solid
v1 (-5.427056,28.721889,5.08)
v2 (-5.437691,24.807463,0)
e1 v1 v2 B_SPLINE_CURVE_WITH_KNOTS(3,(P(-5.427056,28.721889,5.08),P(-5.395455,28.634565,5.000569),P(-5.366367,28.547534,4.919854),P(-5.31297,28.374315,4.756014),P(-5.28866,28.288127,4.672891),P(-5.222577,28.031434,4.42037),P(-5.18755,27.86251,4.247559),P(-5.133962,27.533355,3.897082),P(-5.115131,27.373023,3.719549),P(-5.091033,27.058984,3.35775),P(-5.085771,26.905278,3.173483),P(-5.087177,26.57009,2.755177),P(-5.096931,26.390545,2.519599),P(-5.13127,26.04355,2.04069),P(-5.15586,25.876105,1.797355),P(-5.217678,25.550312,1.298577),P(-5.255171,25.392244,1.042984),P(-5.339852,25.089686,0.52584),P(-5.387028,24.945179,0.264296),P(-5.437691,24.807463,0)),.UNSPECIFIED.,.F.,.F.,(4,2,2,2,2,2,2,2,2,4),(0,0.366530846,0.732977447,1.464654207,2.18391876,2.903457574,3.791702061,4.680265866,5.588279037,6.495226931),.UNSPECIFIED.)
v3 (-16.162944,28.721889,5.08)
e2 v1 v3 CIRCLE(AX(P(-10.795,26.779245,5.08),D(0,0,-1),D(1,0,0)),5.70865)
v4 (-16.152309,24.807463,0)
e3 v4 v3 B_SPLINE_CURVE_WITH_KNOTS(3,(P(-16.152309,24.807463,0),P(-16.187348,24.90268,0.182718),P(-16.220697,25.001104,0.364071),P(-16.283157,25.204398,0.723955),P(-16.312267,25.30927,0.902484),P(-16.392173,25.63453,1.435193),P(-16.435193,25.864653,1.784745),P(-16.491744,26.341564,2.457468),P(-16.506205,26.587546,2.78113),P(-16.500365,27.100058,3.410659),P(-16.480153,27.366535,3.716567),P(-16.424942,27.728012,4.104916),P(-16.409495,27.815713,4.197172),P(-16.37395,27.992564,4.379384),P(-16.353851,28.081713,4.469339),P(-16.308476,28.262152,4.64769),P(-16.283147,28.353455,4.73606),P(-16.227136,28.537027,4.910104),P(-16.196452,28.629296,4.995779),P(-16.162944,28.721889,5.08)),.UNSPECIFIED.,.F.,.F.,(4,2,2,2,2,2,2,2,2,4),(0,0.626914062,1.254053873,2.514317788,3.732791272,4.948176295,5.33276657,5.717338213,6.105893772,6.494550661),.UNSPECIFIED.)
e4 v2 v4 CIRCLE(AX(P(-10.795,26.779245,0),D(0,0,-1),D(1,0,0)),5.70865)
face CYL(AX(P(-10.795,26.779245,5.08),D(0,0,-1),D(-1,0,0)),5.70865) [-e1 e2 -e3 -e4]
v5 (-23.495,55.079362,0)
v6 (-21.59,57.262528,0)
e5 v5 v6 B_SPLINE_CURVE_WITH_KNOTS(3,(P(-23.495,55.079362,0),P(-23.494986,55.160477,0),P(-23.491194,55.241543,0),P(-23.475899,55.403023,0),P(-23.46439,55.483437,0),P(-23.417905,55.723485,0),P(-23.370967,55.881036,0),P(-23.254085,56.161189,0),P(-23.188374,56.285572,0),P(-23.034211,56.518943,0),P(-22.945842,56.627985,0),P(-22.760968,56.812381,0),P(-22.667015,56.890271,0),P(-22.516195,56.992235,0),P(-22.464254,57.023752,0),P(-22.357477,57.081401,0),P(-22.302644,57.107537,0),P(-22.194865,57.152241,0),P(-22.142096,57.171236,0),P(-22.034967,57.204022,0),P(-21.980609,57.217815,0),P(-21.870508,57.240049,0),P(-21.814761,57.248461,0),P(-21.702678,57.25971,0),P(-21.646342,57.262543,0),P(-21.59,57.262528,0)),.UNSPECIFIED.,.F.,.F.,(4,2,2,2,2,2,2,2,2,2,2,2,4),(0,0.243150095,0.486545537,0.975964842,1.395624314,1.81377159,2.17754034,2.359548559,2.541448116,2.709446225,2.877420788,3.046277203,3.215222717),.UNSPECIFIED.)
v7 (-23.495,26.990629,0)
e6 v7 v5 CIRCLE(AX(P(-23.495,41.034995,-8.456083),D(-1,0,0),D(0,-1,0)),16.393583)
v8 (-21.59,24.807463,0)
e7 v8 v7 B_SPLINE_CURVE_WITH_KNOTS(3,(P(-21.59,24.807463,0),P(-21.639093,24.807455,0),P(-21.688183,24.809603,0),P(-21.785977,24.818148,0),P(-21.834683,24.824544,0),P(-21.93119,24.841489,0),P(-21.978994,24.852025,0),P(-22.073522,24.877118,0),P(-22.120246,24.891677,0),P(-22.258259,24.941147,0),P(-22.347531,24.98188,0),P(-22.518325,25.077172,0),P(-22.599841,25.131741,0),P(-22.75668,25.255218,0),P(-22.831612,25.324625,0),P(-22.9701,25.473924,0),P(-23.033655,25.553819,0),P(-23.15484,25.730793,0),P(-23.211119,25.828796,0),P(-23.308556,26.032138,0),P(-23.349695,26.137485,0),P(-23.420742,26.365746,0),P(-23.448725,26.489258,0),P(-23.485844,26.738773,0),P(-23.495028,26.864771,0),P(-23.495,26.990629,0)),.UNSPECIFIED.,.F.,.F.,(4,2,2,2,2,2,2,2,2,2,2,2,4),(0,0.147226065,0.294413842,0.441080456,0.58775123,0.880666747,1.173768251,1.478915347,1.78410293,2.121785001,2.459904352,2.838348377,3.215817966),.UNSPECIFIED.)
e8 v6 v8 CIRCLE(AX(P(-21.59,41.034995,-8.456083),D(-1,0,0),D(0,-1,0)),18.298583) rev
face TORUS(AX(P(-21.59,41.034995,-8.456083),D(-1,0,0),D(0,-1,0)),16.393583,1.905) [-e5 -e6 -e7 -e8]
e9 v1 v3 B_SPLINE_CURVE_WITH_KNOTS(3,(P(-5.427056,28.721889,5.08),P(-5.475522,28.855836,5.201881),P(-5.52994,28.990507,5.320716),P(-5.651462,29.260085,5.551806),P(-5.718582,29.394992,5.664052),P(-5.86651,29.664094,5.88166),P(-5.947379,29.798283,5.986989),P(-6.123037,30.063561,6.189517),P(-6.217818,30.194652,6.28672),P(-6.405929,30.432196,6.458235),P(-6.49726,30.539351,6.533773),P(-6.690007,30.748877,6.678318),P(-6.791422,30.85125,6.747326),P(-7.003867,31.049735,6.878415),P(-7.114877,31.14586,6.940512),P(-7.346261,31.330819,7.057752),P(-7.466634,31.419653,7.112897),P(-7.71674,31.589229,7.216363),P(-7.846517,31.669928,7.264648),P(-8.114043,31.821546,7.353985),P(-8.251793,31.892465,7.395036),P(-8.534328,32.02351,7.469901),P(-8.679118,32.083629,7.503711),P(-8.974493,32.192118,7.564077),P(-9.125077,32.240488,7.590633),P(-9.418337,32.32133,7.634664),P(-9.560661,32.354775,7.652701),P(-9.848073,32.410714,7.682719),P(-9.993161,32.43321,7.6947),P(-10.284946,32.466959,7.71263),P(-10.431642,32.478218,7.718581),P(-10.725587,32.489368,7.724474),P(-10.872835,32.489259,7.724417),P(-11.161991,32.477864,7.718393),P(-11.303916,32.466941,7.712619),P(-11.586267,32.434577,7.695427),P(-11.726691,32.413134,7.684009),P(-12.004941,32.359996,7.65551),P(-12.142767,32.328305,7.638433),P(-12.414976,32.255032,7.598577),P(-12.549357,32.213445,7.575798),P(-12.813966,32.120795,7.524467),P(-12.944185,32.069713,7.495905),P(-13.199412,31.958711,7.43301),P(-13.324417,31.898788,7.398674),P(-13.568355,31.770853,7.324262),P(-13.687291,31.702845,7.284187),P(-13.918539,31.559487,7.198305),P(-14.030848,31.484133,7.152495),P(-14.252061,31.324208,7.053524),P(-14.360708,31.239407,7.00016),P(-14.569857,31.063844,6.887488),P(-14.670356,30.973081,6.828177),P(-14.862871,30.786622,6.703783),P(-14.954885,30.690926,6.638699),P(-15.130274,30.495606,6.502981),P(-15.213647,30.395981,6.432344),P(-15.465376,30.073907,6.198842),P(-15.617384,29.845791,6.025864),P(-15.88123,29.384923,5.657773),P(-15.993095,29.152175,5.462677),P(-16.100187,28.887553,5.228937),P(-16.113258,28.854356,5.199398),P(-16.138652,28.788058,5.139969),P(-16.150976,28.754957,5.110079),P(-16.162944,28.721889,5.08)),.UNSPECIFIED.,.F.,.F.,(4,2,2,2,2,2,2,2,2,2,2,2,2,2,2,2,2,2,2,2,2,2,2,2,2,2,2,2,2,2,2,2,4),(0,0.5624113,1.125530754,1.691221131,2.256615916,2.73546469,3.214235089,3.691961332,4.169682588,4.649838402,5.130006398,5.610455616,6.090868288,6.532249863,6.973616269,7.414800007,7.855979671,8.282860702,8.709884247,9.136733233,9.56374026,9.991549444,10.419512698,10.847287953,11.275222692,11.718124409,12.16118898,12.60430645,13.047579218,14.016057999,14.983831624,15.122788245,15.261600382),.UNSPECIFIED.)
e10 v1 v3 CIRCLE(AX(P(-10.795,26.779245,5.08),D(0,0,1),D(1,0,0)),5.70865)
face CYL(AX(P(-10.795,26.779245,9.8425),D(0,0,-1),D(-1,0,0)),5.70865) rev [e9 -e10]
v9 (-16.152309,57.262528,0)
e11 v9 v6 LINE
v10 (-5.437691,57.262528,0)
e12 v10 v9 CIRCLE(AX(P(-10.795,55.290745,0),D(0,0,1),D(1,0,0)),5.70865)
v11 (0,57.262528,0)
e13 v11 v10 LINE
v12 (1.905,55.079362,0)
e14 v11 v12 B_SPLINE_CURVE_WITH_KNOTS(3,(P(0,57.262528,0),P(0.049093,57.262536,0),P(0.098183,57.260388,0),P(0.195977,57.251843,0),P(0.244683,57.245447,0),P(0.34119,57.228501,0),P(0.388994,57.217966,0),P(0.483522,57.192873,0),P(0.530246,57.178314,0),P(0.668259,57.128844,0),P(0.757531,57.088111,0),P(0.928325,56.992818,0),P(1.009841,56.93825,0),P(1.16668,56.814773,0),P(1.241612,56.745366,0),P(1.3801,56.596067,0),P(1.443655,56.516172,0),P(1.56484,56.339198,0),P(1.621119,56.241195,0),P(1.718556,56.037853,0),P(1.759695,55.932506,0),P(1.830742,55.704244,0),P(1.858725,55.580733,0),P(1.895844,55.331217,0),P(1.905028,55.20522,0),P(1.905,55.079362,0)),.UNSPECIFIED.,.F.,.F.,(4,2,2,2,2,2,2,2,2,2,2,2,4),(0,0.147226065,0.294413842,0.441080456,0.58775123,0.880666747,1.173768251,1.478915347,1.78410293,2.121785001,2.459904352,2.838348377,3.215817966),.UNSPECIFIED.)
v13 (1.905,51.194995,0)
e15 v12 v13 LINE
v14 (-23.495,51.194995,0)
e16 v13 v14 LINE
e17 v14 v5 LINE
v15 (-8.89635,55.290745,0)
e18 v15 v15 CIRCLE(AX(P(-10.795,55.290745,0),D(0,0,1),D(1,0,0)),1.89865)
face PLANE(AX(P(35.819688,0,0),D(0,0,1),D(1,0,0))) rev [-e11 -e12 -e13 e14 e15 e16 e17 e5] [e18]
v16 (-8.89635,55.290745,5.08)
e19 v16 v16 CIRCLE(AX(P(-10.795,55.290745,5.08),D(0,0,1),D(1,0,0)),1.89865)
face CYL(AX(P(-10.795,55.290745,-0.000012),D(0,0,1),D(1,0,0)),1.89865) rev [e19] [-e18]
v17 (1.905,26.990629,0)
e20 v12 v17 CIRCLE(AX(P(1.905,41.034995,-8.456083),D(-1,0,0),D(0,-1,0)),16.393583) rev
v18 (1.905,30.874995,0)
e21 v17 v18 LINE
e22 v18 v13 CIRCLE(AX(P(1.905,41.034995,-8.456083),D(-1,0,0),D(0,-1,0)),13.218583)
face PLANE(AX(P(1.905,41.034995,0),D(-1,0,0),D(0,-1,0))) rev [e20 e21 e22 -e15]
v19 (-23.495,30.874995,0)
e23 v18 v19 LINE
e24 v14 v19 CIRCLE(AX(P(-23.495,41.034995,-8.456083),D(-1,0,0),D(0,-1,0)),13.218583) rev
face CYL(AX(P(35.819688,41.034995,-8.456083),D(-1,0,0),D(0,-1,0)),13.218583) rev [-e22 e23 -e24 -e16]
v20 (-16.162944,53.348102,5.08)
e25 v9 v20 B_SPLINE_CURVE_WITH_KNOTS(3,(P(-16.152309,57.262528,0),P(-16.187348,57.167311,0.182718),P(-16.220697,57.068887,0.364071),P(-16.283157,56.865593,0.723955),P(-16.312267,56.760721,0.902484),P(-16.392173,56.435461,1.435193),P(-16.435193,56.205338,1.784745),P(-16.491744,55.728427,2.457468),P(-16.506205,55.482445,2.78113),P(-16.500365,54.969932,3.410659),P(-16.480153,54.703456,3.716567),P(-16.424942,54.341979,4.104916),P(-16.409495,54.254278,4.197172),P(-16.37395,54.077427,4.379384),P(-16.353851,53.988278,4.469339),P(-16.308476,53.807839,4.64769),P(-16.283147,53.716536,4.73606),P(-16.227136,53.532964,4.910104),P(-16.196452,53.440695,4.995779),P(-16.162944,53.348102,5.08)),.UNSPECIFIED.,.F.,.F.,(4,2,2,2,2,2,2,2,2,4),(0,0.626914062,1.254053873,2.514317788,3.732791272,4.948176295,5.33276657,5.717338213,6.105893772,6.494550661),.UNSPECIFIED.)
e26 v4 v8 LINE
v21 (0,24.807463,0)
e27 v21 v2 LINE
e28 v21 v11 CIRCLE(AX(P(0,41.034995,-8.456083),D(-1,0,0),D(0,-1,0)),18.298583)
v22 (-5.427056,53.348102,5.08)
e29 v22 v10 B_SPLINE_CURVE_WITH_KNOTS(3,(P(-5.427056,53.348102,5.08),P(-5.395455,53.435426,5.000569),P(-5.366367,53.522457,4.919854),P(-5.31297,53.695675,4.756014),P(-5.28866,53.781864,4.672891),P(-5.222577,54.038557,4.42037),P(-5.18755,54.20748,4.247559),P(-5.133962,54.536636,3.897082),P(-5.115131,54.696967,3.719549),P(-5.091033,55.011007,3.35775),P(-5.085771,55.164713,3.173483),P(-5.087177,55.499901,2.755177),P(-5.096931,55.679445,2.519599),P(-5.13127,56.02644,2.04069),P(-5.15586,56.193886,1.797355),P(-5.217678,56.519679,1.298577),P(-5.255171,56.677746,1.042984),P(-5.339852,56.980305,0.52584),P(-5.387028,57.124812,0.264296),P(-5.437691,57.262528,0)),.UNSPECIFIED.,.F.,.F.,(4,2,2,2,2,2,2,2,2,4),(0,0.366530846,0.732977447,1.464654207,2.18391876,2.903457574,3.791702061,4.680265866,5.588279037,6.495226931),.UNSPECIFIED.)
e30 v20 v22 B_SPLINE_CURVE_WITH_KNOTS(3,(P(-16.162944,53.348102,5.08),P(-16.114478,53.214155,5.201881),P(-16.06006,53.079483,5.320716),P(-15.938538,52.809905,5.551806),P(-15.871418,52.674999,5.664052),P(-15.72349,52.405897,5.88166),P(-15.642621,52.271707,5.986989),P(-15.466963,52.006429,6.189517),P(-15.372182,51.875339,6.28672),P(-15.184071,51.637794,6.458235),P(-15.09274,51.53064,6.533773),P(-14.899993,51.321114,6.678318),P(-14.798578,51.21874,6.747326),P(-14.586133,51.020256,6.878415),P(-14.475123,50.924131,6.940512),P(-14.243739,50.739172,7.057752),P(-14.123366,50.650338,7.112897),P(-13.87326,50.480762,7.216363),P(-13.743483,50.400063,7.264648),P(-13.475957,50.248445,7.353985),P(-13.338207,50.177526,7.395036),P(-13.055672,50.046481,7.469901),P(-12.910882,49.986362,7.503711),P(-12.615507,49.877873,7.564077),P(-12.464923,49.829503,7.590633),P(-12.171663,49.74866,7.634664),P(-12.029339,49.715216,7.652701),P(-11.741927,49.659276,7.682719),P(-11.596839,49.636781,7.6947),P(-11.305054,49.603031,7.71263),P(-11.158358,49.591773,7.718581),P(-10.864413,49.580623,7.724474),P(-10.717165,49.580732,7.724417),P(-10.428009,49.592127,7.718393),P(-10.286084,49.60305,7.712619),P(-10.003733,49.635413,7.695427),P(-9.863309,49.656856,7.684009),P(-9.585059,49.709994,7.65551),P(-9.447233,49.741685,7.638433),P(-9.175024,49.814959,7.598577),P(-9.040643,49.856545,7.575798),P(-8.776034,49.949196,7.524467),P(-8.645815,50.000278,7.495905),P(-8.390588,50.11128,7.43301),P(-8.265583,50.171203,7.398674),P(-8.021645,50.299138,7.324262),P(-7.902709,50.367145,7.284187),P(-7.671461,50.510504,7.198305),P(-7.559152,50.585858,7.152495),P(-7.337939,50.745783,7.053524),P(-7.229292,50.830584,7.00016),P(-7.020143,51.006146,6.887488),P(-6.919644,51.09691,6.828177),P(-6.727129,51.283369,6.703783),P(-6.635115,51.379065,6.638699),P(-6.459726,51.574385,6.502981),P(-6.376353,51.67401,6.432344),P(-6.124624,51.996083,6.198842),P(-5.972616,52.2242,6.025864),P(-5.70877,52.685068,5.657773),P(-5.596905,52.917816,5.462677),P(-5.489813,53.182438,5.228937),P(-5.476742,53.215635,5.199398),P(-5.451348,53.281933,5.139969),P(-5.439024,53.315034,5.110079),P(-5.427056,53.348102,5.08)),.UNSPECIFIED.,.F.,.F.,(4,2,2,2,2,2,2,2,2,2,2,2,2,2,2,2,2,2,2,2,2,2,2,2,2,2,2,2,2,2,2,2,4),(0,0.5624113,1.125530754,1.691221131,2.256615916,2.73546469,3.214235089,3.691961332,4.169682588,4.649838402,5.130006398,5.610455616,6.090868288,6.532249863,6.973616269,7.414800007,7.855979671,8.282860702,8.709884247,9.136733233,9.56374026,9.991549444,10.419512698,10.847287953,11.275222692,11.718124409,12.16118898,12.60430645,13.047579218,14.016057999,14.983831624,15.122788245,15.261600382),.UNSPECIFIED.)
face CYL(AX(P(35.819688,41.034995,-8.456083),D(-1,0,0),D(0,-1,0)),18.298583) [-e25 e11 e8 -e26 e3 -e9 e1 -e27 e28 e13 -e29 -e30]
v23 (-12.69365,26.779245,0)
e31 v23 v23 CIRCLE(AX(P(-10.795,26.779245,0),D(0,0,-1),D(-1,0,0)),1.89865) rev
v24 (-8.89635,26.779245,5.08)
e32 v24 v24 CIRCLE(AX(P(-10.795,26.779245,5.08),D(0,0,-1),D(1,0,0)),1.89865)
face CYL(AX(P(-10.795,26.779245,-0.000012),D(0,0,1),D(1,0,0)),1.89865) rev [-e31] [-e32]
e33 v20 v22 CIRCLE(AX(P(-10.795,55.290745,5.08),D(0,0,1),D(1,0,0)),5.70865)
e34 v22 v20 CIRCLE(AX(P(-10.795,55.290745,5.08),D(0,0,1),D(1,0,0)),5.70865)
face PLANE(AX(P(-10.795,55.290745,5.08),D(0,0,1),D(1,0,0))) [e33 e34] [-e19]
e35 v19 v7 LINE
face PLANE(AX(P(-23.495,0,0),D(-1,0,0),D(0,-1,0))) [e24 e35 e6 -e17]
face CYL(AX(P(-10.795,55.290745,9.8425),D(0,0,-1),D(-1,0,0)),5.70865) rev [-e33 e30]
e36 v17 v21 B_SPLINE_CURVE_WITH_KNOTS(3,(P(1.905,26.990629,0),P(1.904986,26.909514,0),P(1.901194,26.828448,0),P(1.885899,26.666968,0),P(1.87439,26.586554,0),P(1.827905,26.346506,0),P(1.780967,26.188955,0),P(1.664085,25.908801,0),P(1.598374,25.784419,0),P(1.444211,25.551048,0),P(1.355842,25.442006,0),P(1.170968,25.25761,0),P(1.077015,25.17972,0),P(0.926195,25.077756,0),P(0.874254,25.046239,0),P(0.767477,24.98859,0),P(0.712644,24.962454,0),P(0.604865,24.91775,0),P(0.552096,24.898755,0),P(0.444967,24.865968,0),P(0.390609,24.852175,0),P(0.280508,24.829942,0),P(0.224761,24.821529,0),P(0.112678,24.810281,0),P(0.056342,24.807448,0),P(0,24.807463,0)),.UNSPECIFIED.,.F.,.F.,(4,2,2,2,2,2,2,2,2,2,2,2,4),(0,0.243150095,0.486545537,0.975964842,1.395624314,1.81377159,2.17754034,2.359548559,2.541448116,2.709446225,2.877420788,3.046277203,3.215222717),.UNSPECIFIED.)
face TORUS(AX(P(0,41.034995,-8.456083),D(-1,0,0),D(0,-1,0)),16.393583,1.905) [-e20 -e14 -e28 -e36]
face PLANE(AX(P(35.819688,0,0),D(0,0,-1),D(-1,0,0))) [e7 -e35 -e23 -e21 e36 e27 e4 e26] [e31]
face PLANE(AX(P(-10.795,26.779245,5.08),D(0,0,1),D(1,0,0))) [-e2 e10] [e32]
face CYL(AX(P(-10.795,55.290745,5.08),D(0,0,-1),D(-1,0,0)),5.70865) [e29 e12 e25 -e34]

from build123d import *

# Parameters (mm, degrees)
BOSS_EXTRUDE2_DEPTH = 25.4
CUT_EXTRUDE7_START  = -1
SKETCH5_5_R         = 1.89865
CUT_EXTRUDE7_DEPTH  = 11.8425
SKETCH8_R           = 5.70865
SKETCH8_R_2         = 1.89865
BOSS_EXTRUDE4_DEPTH = 5.08
CUT_EXTRUDE8_START  = 5.08
SKETCH8_3_R         = 5.70865
SKETCH8_3_R_2       = 1.89865
CUT_EXTRUDE8_DEPTH  = 5.7625001
CUT_EXTRUDE3_DEPTH  = 26.4000001
FILLET3_R           = 1.905


with BuildPart() as part:
    # Sketch4 → Boss-Extrude2 (new body)
    with BuildSketch(Plane(origin=(-23.495, 41.0349954, 0), x_dir=(0, 0, 1), z_dir=(-1, 0, 0))):
        with BuildLine():
            ThreePointArc((0, 16.227532365), (9.8425, 0), (0, -16.227532365))
            Line((0, -16.227532365), (0, -10.16))
            ThreePointArc((0, -10.16), (4.7625, 0), (0, 10.16))
            Line((0, 10.16), (0, 16.227532365))
        make_face()
    extrude(amount=-BOSS_EXTRUDE2_DEPTH)

    # Sketch5_5 → Cut-Extrude7 (cut)
    with BuildSketch(Plane.XY.offset(CUT_EXTRUDE7_START)):
        with Locations((-10.795, 55.2907454)):
            Circle(SKETCH5_5_R)
    cut_extrude7 = extrude(amount=CUT_EXTRUDE7_DEPTH, mode=Mode.SUBTRACT)

    # Sketch8 → Boss-Extrude4 (add)
    with BuildSketch(Plane.XY):
        with Locations((-10.795, 55.2907454)):
            Circle(SKETCH8_R)
        with Locations((-10.795, 55.2907454)):
            Circle(SKETCH8_R_2, mode=Mode.SUBTRACT)
    boss_extrude4 = extrude(amount=BOSS_EXTRUDE4_DEPTH)

    # Sketch8_3 → Cut-Extrude8 (cut, through all)
    with BuildSketch(Plane.XY.offset(CUT_EXTRUDE8_START)):
        with Locations((-10.795, 55.2907454)):
            Circle(SKETCH8_3_R)
        with Locations((-10.795, 55.2907454)):
            Circle(SKETCH8_3_R_2, mode=Mode.SUBTRACT)
    cut_extrude8 = extrude(amount=CUT_EXTRUDE8_DEPTH, mode=Mode.SUBTRACT)

    # Mirror1: Cut-Extrude7, Boss-Extrude4, Cut-Extrude8 across plane
    add(cut_extrude7.mirror(Plane.ZX.offset(41.0349954)), mode=Mode.SUBTRACT)
    add(boss_extrude4.mirror(Plane.ZX.offset(41.0349954)))
    add(cut_extrude8.mirror(Plane.ZX.offset(41.0349954)), mode=Mode.SUBTRACT)

    # Sketch4_3 → Cut-Extrude3 (cut, through all)
    with BuildSketch(Plane(origin=(-23.495, 41.0349954, 0), x_dir=(0, 0, 1), z_dir=(-1, 0, 0))):
        with BuildLine():
            ThreePointArc((0, 10.16), (4.7625, 0), (0, -10.16))
            Line((0, -10.16), (0, 10.16))
        make_face()
    extrude(amount=-CUT_EXTRUDE3_DEPTH, mode=Mode.SUBTRACT)

    # Fillet3
    fillet3_edges = [part.edges().sort_by_distance(p)[0] for p in [
        (1.905, 41.0349954, 9.8425),
        (-23.495, 41.0349954, 9.8425),
    ]]
    fillet(fillet3_edges, radius=FILLET3_R)


solid = part.part
